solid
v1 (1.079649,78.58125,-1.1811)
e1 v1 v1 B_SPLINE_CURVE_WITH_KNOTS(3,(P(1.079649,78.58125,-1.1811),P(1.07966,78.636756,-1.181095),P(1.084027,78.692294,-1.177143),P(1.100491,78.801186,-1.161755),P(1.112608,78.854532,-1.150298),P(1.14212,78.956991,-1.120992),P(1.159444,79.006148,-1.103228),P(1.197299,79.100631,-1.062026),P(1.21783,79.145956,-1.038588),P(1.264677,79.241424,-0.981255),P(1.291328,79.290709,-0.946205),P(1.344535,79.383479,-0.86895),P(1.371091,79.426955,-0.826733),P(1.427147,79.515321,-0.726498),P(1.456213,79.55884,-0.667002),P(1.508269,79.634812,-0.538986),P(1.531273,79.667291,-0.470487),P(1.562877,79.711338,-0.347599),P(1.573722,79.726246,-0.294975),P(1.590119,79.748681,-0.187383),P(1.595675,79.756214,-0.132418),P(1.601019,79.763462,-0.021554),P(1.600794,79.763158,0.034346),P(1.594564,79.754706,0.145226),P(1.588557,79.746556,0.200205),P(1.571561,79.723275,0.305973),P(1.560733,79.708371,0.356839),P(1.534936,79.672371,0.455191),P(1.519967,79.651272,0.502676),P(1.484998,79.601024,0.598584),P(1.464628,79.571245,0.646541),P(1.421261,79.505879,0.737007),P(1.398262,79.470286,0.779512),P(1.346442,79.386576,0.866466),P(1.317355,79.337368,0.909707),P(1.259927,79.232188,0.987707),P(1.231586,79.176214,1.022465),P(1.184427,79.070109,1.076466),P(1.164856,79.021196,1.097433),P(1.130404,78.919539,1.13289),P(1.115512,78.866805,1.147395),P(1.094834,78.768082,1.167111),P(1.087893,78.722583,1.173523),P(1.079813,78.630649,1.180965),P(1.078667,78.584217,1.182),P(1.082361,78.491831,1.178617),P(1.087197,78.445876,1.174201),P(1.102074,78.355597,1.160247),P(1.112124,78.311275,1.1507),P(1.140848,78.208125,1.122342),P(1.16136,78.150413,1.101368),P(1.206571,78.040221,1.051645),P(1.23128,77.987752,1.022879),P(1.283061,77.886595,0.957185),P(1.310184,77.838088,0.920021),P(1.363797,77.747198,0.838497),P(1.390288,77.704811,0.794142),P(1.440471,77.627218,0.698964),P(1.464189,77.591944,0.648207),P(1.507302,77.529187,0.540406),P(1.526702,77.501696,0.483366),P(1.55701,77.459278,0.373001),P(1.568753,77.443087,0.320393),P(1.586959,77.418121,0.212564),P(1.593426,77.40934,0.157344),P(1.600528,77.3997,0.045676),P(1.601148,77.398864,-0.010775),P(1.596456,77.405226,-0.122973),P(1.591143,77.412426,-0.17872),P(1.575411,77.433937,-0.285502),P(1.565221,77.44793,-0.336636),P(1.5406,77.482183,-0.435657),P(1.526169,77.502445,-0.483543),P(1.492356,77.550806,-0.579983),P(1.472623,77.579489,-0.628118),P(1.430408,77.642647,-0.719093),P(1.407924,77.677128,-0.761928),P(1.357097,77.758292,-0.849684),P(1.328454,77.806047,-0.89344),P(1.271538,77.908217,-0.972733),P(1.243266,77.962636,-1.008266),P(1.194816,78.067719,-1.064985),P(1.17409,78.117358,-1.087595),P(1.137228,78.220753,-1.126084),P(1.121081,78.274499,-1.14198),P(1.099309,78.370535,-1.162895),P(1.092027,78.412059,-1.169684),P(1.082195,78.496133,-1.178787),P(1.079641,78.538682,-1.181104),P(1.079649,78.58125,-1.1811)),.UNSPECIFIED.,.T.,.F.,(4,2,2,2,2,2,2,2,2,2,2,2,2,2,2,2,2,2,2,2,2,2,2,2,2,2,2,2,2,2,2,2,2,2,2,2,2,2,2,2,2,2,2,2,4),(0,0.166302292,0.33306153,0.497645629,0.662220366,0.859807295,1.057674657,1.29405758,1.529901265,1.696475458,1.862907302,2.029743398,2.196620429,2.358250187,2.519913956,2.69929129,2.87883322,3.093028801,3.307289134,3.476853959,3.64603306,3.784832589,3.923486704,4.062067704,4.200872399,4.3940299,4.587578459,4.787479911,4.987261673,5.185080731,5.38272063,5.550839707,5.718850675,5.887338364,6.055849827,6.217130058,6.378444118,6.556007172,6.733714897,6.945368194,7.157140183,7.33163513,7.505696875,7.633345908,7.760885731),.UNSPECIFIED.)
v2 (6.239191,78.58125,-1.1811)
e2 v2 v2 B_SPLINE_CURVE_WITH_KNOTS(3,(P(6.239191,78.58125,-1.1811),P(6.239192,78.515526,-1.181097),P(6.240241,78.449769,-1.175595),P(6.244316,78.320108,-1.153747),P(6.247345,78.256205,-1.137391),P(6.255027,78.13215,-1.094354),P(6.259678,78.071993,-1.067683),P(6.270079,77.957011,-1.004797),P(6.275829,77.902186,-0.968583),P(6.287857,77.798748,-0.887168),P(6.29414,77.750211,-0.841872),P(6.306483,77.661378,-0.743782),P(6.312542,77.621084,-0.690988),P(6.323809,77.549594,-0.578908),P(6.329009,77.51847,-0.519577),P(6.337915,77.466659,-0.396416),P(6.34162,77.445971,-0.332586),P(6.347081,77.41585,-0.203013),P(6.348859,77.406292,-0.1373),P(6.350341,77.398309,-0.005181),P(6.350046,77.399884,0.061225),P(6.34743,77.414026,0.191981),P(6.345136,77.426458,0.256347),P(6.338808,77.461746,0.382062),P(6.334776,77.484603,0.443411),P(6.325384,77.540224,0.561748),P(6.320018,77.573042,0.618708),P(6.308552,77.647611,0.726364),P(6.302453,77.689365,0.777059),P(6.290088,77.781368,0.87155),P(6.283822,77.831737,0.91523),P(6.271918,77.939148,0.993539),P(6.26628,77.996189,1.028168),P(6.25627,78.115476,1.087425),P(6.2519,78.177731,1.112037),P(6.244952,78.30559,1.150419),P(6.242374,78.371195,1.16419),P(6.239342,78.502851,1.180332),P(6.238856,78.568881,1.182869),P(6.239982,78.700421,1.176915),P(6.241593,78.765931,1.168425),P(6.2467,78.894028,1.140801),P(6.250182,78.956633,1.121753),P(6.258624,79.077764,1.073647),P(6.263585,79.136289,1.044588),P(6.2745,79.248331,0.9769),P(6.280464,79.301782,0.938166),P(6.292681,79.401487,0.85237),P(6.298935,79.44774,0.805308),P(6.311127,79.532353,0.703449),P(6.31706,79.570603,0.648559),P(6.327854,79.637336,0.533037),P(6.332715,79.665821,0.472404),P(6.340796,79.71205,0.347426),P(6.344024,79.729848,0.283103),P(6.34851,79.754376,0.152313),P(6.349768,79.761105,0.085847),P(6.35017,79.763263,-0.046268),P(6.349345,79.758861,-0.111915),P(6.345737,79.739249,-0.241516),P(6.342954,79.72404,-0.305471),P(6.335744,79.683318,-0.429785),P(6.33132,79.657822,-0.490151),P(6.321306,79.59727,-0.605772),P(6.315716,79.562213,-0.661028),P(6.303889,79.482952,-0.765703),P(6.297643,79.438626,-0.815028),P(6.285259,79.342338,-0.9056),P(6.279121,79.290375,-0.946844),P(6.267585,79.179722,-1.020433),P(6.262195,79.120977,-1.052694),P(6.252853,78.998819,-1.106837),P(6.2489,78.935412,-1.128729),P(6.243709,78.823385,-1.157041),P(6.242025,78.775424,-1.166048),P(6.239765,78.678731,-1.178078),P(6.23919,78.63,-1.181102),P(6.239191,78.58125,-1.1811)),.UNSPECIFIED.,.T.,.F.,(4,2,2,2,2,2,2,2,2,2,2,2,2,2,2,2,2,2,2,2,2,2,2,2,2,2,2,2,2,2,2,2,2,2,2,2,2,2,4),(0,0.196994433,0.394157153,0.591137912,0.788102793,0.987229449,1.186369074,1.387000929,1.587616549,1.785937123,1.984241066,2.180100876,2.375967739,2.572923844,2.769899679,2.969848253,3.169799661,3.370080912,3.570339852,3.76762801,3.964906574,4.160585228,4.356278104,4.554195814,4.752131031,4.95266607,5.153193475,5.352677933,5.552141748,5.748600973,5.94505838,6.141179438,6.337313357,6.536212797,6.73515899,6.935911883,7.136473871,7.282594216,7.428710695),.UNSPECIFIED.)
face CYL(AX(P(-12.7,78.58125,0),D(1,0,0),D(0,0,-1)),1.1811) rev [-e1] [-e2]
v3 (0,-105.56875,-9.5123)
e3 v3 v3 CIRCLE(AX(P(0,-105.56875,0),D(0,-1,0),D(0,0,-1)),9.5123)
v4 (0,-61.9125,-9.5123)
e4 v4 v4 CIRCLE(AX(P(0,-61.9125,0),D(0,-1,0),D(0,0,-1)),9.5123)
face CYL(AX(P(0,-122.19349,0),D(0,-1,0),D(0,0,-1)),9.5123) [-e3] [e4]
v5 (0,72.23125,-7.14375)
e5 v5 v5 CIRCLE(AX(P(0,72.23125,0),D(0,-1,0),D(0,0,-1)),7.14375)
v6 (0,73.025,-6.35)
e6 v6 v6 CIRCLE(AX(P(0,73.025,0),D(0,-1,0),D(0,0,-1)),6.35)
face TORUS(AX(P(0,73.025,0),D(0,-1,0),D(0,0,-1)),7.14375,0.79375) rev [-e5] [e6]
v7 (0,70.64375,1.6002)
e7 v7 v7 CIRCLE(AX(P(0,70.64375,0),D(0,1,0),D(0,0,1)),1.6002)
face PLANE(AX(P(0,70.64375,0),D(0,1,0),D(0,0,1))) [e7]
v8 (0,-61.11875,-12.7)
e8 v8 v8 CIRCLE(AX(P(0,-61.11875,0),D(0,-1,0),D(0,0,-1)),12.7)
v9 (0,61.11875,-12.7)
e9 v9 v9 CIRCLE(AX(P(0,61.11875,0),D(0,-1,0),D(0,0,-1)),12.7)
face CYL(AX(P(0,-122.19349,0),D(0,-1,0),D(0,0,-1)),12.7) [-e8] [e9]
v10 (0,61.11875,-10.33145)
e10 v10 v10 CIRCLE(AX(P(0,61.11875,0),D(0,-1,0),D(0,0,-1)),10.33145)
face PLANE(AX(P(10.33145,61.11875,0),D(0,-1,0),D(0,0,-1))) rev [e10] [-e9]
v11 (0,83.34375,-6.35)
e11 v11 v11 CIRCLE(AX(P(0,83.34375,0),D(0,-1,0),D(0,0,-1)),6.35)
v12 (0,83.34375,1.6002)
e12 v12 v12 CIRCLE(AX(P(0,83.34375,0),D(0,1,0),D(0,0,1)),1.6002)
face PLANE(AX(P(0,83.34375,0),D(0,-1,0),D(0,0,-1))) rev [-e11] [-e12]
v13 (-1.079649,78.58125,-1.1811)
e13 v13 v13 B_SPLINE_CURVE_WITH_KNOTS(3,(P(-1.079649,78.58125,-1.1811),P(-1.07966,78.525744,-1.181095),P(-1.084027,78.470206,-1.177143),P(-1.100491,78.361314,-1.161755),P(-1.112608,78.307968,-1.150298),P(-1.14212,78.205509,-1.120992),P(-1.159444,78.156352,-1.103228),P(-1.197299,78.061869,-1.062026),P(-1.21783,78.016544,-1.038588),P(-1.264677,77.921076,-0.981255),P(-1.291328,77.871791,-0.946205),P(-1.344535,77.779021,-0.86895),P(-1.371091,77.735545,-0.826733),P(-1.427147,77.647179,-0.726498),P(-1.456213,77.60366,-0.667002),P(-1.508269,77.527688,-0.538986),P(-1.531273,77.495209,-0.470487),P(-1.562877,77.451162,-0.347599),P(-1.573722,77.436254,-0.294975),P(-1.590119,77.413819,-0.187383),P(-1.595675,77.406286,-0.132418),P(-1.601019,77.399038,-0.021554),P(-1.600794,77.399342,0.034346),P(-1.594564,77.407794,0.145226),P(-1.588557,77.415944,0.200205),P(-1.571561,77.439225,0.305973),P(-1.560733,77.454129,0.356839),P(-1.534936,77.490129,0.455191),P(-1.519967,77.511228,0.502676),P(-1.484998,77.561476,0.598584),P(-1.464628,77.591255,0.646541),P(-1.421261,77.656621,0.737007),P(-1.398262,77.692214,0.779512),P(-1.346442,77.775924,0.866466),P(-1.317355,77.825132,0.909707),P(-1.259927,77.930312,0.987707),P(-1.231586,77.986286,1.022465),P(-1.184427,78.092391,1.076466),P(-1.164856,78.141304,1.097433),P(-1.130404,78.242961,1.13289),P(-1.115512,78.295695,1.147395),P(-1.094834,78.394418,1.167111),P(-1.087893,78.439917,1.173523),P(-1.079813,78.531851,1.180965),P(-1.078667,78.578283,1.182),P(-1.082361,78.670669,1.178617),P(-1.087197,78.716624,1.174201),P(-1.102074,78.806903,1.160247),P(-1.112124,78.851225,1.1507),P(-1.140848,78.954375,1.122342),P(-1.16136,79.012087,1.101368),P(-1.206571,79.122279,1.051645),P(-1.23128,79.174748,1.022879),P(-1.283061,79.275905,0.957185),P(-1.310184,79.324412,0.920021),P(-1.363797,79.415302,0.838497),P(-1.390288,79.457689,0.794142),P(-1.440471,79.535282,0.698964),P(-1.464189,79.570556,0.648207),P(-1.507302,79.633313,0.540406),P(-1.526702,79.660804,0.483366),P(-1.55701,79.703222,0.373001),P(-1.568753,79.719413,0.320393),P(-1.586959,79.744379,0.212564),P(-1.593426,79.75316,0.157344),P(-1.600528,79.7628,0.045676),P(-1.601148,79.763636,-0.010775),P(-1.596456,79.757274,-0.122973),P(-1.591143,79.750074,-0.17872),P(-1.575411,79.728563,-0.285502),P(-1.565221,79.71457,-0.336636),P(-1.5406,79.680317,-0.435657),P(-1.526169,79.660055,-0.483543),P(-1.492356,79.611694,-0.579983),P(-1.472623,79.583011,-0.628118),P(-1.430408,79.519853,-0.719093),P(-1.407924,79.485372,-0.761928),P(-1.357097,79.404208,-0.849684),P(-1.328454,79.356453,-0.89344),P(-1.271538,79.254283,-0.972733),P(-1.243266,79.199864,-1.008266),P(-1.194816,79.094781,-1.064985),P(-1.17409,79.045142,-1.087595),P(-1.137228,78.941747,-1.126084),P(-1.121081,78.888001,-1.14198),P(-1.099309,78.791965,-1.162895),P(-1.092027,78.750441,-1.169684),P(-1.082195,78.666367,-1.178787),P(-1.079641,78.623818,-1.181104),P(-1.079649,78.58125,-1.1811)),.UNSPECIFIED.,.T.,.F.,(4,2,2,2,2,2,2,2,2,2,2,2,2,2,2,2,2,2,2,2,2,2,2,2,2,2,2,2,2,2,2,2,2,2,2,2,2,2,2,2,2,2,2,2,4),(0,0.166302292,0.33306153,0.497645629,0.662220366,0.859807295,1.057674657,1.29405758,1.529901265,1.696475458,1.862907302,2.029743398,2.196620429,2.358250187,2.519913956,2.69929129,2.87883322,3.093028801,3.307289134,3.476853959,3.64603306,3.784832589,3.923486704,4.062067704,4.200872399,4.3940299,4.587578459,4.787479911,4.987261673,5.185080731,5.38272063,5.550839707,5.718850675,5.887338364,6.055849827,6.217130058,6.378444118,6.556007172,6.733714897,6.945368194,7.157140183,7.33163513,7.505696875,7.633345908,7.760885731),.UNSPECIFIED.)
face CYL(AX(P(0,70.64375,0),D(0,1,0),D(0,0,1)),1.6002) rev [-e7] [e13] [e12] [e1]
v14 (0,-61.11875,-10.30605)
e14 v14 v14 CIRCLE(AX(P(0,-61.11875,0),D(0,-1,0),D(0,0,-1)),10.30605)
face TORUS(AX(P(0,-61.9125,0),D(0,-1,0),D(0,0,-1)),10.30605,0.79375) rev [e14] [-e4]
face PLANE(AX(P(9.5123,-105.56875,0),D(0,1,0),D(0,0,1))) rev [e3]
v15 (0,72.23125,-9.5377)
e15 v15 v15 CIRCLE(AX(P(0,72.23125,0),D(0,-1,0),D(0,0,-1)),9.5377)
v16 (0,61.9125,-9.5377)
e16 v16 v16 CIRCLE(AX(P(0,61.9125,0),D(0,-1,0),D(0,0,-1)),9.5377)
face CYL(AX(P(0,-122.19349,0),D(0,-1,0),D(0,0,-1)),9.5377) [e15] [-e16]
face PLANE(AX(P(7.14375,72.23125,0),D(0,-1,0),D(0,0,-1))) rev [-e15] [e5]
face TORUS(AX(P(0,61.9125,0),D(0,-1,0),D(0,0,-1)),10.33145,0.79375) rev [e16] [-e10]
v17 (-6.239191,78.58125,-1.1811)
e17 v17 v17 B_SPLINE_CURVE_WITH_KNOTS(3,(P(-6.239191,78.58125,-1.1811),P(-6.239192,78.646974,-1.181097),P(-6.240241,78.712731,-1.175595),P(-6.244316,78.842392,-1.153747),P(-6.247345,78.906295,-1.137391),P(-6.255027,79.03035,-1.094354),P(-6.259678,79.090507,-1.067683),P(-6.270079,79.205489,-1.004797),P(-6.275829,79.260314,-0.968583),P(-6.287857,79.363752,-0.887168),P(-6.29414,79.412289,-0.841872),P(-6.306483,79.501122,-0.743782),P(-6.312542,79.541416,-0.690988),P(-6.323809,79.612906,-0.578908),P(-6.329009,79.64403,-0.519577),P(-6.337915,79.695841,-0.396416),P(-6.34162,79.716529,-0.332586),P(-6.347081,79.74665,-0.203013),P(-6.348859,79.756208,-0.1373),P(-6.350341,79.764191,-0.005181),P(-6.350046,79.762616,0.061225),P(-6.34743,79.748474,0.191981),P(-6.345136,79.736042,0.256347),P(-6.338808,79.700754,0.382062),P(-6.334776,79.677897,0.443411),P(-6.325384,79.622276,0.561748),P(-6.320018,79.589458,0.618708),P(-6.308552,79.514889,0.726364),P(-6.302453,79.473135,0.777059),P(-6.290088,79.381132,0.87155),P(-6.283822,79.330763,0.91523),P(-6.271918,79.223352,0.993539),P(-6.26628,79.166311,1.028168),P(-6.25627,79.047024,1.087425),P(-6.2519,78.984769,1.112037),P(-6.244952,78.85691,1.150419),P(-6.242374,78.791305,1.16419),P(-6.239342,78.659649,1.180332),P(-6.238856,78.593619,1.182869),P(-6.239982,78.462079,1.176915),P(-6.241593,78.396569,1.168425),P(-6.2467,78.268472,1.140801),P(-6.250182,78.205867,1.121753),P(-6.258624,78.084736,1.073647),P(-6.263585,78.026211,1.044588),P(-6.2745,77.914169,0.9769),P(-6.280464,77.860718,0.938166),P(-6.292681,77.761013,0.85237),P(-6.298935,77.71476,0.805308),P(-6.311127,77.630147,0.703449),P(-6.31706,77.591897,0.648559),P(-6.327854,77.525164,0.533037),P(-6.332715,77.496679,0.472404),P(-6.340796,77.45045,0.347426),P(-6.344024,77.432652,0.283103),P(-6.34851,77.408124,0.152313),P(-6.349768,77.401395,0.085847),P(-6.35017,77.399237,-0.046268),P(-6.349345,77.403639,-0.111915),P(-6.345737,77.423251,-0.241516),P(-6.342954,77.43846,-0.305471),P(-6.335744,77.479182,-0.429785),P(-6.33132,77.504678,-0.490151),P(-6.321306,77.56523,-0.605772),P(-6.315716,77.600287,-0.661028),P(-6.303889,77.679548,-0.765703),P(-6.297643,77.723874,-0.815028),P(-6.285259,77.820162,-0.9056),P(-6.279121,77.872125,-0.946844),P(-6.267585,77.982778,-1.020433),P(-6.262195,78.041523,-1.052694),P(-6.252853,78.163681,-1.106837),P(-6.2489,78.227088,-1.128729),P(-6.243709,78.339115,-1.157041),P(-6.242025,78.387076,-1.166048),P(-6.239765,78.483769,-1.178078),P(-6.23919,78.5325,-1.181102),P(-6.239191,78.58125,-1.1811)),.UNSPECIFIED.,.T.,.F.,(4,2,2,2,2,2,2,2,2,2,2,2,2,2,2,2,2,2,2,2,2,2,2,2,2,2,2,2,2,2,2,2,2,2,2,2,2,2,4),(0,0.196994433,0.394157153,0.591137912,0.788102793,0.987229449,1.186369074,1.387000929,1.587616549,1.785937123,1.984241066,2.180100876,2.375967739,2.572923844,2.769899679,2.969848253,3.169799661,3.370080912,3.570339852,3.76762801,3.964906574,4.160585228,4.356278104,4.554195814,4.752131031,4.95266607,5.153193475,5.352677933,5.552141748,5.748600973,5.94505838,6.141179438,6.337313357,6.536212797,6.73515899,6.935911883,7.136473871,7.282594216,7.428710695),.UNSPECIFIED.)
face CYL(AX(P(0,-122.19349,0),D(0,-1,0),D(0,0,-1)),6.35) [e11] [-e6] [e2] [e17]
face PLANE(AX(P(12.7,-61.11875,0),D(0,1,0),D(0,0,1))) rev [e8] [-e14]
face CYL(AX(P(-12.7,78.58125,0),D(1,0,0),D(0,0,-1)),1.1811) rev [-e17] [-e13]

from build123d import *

# Parameters (mm, degrees)
SKETCH2_R          = 1.6002
CUT_EXTRUDE1_DEPTH = 12.7
SKETCH3_R          = 1.1811
CUT_EXTRUDE2_DEPTH = 12.7


with BuildPart() as part:
    # Sketch1 → Revolve1 (revolve)
    with BuildSketch(Plane.XY, mode=Mode.PRIVATE) as revolve1_sk:
        with BuildLine():
            Line((0, 83.34375), (-6.35, 83.34375))
            Line((-6.35, 83.34375), (-6.35, 73.025))
            ThreePointArc((-6.35, 73.025), (-6.582483992, 72.463733992), (-7.14375, 72.23125))
            Line((-7.14375, 72.23125), (-9.5377, 72.23125))
            Line((-9.5377, 72.23125), (-9.5377, 61.9125))
            ThreePointArc((-9.5377, 61.9125), (-9.770183992, 61.351233992), (-10.33145, 61.11875))
            Line((-10.33145, 61.11875), (-12.7, 61.11875))
            Line((-12.7, 61.11875), (-12.7, 0))
            Line((-12.7, 0), (-12.7, -61.11875))
            Line((-12.7, -61.11875), (-10.30605, -61.11875))
            ThreePointArc((-10.30605, -61.11875), (-9.744783992, -61.351233992), (-9.5123, -61.9125))
            Line((-9.5123, -61.9125), (-9.5123, -105.56875))
            Line((-9.5123, -105.56875), (0, -105.56875))
            Line((0, -105.56875), (0, 83.34375))
        make_face()
    revolve(revolve1_sk.sketch.rotate(Axis((0, -122.193490481, 0), (0, 1, 0)), 270), axis=Axis((0, -122.193490481, 0), (0, 1, 0)))

    # Sketch2 → Cut-Extrude1 (cut)
    with BuildSketch(Plane(origin=(0, 83.34375, 0), x_dir=(1, 0, 0), z_dir=(0, 1, 0))):
        with Locations(Location((0, 0, 0), (0, 0, 270))):
            Circle(SKETCH2_R)
    extrude(amount=-CUT_EXTRUDE1_DEPTH, mode=Mode.SUBTRACT)

    # Sketch3 → Cut-Extrude2 (cut, symmetric)
    with BuildSketch(Plane(origin=(0, 0, 0), x_dir=(0, 0, -1), z_dir=(1, 0, 0))):
        with Locations((0, 78.58125)):
            Circle(SKETCH3_R)
    extrude(amount=CUT_EXTRUDE2_DEPTH, both=True, mode=Mode.SUBTRACT)


solid = part.part
